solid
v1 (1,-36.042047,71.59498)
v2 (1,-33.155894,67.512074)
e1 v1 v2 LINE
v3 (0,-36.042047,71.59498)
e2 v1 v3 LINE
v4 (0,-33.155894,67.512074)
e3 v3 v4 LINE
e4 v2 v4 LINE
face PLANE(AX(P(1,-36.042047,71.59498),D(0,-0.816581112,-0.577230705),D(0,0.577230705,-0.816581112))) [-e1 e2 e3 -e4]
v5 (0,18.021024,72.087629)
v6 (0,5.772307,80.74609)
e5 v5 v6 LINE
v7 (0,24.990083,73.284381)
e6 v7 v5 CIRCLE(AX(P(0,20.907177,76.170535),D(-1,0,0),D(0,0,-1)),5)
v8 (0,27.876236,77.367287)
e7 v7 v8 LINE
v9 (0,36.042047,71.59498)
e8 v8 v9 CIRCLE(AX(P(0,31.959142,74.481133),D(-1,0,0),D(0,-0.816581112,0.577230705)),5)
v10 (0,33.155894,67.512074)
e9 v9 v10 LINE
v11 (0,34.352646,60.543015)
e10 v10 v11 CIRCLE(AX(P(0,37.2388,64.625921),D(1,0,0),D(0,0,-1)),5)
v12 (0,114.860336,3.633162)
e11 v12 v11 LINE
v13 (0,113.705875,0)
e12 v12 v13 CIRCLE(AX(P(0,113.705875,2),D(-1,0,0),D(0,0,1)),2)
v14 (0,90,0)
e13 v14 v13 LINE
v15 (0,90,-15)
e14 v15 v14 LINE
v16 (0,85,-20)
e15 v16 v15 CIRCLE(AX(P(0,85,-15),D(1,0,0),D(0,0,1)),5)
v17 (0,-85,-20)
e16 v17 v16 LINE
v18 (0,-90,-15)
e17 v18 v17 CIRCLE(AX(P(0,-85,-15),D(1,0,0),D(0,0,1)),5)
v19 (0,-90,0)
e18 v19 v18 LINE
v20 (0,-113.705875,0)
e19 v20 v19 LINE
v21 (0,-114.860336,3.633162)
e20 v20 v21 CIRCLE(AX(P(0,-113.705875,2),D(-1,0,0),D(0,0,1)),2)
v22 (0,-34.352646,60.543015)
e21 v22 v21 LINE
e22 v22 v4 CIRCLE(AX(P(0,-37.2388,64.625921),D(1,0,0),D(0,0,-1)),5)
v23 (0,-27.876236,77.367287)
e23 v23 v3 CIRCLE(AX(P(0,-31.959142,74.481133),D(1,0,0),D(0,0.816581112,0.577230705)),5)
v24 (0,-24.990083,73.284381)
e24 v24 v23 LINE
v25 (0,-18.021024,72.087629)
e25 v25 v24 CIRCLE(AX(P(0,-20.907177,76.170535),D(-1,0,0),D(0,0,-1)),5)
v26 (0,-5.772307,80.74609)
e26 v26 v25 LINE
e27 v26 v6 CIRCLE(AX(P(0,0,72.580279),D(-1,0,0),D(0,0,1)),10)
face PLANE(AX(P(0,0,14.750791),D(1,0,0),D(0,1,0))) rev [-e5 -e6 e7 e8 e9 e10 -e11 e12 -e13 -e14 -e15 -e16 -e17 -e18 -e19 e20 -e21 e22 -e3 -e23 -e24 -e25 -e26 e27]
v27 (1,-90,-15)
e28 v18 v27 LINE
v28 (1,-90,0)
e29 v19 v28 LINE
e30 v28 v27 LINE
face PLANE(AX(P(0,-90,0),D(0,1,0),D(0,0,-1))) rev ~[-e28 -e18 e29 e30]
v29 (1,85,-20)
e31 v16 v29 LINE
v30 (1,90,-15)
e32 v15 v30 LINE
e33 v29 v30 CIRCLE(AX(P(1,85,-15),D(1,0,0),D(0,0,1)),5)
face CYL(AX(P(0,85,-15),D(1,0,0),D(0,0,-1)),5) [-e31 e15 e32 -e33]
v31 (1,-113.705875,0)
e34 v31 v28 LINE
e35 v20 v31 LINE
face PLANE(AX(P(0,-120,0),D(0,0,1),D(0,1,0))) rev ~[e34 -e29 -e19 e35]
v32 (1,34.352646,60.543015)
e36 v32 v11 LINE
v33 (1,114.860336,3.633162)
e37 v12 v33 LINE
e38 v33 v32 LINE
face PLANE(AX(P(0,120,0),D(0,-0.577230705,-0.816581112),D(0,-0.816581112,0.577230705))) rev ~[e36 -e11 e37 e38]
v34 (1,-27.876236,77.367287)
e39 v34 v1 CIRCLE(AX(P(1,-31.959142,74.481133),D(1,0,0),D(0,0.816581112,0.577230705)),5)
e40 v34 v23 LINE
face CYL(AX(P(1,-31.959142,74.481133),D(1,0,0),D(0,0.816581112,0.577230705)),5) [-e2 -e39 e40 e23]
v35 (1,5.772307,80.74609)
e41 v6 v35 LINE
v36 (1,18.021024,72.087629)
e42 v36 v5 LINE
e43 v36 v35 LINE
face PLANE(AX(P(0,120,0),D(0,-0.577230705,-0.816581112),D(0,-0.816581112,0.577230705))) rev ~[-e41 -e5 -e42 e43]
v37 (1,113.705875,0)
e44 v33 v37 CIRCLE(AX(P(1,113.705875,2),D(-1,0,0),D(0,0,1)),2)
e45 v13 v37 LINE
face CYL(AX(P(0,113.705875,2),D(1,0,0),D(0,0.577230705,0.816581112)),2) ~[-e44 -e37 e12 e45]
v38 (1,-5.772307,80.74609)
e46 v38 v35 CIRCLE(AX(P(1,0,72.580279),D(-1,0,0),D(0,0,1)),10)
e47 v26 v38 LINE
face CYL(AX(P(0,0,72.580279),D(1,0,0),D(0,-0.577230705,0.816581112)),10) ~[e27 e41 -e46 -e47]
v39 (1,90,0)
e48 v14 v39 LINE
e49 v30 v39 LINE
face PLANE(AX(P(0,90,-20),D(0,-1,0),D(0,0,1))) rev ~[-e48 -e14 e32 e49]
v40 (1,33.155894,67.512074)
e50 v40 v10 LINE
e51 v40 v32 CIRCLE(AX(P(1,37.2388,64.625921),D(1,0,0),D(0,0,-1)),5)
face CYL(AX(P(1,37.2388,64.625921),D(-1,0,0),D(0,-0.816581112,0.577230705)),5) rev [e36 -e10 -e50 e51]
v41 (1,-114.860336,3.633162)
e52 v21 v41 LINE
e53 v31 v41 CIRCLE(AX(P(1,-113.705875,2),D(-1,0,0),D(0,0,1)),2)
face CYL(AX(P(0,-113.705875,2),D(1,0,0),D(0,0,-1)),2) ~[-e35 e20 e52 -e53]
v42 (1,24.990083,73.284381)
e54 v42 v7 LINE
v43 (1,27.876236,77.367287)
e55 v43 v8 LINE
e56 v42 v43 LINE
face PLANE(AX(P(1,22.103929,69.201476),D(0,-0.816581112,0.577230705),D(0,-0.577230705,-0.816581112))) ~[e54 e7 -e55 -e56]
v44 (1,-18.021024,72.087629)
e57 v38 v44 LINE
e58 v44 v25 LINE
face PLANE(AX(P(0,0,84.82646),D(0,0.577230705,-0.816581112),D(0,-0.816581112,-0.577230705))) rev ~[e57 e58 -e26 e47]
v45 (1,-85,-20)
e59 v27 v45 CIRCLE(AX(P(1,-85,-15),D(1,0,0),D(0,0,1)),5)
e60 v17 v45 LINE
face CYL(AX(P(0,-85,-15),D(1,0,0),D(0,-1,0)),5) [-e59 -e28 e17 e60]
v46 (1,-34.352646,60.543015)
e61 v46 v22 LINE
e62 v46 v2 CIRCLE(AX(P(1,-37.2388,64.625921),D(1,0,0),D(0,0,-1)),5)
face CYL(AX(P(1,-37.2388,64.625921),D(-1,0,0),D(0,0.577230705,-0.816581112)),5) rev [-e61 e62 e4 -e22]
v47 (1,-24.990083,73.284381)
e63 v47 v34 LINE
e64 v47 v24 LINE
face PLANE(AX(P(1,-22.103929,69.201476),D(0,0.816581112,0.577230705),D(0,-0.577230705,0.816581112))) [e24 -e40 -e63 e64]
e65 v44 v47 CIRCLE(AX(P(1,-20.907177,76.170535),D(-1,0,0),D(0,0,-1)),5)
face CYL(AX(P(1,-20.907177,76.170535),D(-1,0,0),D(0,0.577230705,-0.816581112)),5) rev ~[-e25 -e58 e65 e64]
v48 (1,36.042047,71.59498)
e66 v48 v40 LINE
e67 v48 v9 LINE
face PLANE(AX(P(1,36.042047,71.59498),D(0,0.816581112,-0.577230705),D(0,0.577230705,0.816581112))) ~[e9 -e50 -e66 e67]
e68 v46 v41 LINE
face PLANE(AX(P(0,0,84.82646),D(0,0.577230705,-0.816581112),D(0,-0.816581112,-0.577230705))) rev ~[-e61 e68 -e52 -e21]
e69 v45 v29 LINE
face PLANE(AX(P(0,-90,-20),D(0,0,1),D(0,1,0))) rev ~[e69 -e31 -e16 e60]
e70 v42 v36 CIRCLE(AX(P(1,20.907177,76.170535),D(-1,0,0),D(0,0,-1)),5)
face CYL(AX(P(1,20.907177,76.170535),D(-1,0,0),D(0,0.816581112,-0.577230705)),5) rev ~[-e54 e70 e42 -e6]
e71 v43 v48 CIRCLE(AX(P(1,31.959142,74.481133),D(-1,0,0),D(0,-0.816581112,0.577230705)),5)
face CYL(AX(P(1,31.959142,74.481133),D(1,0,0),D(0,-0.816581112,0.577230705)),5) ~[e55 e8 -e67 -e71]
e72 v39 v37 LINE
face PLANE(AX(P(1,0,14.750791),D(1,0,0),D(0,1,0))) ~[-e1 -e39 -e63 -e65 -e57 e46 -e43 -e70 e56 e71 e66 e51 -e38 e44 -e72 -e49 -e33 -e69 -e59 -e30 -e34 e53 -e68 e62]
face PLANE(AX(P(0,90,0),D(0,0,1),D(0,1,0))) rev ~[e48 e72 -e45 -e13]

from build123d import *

# Parameters (mm, degrees)
F1_DEPTH = 1
F2_R     = 5
F3_R     = 2
F4_R     = 10
F6_DEPTH = 1
F8_R     = 5


with BuildPart() as f1:
    # F0 (on Right) → F1 (new body)
    with BuildSketch(Plane.YZ):
        Polygon((90, 0), (120, 0), (0, 84.8264595052), (-120, 0), (-90, 0), (-90, -20), (90, -20), align=None)
    extrude(amount=F1_DEPTH)

    # F2
    f2_edges = [f1.edges().sort_by_distance(p)[0] for p in [
        (0.5, -90, -20),
        (0.5, 90, -20),
    ]]
    fillet(f2_edges, radius=F2_R)

    # F3
    f3_edges = [f1.edges().sort_by_distance(p)[0] for p in [
        (0.5, 120, 0),
        (0.5, -120, 0),
    ]]
    fillet(f3_edges, radius=F3_R)

    # F4
    f4_edges = [f1.edges().sort_by_distance(p)[0] for p in [
        (0.5, 0, 84.82646),
    ]]
    fillet(f4_edges, radius=F4_R)

    # F5 (on face) → F6 (join, through all)
    with BuildSketch(Plane.YZ.offset(1)):
        with BuildLine():
            Line((-30.2697404192, 63.4291685894), (-22.1039292974, 69.2014756431))
            Line((-22.1039292974, 69.2014756431), (-27.8762363511, 77.3672867649))
            ThreePointArc((-27.8762363511, 77.3672867649), (-34.8452954389, 78.564038799), (-36.042047473, 71.5949797112))
            Line((-36.042047473, 71.5949797112), (-30.2697404192, 63.4291685894))
        make_face()
    extrude(amount=-F6_DEPTH)

    # F7: F1 across plane


with BuildPart() as f1_1:
    add(f1.part)
    add(f1.part.mirror(Plane.XZ))

    # F8
    f8_edges = [f1_1.edges().sort_by_distance(p)[0] for p in [
        (0.5, -30.26974, 63.429169),
        (0.5, -22.103929, 69.201476),
        (0.5, 22.103929, 69.201476),
        (0.5, 30.26974, 63.429169),
    ]]
    fillet(f8_edges, radius=F8_R)


solid = f1_1.part
